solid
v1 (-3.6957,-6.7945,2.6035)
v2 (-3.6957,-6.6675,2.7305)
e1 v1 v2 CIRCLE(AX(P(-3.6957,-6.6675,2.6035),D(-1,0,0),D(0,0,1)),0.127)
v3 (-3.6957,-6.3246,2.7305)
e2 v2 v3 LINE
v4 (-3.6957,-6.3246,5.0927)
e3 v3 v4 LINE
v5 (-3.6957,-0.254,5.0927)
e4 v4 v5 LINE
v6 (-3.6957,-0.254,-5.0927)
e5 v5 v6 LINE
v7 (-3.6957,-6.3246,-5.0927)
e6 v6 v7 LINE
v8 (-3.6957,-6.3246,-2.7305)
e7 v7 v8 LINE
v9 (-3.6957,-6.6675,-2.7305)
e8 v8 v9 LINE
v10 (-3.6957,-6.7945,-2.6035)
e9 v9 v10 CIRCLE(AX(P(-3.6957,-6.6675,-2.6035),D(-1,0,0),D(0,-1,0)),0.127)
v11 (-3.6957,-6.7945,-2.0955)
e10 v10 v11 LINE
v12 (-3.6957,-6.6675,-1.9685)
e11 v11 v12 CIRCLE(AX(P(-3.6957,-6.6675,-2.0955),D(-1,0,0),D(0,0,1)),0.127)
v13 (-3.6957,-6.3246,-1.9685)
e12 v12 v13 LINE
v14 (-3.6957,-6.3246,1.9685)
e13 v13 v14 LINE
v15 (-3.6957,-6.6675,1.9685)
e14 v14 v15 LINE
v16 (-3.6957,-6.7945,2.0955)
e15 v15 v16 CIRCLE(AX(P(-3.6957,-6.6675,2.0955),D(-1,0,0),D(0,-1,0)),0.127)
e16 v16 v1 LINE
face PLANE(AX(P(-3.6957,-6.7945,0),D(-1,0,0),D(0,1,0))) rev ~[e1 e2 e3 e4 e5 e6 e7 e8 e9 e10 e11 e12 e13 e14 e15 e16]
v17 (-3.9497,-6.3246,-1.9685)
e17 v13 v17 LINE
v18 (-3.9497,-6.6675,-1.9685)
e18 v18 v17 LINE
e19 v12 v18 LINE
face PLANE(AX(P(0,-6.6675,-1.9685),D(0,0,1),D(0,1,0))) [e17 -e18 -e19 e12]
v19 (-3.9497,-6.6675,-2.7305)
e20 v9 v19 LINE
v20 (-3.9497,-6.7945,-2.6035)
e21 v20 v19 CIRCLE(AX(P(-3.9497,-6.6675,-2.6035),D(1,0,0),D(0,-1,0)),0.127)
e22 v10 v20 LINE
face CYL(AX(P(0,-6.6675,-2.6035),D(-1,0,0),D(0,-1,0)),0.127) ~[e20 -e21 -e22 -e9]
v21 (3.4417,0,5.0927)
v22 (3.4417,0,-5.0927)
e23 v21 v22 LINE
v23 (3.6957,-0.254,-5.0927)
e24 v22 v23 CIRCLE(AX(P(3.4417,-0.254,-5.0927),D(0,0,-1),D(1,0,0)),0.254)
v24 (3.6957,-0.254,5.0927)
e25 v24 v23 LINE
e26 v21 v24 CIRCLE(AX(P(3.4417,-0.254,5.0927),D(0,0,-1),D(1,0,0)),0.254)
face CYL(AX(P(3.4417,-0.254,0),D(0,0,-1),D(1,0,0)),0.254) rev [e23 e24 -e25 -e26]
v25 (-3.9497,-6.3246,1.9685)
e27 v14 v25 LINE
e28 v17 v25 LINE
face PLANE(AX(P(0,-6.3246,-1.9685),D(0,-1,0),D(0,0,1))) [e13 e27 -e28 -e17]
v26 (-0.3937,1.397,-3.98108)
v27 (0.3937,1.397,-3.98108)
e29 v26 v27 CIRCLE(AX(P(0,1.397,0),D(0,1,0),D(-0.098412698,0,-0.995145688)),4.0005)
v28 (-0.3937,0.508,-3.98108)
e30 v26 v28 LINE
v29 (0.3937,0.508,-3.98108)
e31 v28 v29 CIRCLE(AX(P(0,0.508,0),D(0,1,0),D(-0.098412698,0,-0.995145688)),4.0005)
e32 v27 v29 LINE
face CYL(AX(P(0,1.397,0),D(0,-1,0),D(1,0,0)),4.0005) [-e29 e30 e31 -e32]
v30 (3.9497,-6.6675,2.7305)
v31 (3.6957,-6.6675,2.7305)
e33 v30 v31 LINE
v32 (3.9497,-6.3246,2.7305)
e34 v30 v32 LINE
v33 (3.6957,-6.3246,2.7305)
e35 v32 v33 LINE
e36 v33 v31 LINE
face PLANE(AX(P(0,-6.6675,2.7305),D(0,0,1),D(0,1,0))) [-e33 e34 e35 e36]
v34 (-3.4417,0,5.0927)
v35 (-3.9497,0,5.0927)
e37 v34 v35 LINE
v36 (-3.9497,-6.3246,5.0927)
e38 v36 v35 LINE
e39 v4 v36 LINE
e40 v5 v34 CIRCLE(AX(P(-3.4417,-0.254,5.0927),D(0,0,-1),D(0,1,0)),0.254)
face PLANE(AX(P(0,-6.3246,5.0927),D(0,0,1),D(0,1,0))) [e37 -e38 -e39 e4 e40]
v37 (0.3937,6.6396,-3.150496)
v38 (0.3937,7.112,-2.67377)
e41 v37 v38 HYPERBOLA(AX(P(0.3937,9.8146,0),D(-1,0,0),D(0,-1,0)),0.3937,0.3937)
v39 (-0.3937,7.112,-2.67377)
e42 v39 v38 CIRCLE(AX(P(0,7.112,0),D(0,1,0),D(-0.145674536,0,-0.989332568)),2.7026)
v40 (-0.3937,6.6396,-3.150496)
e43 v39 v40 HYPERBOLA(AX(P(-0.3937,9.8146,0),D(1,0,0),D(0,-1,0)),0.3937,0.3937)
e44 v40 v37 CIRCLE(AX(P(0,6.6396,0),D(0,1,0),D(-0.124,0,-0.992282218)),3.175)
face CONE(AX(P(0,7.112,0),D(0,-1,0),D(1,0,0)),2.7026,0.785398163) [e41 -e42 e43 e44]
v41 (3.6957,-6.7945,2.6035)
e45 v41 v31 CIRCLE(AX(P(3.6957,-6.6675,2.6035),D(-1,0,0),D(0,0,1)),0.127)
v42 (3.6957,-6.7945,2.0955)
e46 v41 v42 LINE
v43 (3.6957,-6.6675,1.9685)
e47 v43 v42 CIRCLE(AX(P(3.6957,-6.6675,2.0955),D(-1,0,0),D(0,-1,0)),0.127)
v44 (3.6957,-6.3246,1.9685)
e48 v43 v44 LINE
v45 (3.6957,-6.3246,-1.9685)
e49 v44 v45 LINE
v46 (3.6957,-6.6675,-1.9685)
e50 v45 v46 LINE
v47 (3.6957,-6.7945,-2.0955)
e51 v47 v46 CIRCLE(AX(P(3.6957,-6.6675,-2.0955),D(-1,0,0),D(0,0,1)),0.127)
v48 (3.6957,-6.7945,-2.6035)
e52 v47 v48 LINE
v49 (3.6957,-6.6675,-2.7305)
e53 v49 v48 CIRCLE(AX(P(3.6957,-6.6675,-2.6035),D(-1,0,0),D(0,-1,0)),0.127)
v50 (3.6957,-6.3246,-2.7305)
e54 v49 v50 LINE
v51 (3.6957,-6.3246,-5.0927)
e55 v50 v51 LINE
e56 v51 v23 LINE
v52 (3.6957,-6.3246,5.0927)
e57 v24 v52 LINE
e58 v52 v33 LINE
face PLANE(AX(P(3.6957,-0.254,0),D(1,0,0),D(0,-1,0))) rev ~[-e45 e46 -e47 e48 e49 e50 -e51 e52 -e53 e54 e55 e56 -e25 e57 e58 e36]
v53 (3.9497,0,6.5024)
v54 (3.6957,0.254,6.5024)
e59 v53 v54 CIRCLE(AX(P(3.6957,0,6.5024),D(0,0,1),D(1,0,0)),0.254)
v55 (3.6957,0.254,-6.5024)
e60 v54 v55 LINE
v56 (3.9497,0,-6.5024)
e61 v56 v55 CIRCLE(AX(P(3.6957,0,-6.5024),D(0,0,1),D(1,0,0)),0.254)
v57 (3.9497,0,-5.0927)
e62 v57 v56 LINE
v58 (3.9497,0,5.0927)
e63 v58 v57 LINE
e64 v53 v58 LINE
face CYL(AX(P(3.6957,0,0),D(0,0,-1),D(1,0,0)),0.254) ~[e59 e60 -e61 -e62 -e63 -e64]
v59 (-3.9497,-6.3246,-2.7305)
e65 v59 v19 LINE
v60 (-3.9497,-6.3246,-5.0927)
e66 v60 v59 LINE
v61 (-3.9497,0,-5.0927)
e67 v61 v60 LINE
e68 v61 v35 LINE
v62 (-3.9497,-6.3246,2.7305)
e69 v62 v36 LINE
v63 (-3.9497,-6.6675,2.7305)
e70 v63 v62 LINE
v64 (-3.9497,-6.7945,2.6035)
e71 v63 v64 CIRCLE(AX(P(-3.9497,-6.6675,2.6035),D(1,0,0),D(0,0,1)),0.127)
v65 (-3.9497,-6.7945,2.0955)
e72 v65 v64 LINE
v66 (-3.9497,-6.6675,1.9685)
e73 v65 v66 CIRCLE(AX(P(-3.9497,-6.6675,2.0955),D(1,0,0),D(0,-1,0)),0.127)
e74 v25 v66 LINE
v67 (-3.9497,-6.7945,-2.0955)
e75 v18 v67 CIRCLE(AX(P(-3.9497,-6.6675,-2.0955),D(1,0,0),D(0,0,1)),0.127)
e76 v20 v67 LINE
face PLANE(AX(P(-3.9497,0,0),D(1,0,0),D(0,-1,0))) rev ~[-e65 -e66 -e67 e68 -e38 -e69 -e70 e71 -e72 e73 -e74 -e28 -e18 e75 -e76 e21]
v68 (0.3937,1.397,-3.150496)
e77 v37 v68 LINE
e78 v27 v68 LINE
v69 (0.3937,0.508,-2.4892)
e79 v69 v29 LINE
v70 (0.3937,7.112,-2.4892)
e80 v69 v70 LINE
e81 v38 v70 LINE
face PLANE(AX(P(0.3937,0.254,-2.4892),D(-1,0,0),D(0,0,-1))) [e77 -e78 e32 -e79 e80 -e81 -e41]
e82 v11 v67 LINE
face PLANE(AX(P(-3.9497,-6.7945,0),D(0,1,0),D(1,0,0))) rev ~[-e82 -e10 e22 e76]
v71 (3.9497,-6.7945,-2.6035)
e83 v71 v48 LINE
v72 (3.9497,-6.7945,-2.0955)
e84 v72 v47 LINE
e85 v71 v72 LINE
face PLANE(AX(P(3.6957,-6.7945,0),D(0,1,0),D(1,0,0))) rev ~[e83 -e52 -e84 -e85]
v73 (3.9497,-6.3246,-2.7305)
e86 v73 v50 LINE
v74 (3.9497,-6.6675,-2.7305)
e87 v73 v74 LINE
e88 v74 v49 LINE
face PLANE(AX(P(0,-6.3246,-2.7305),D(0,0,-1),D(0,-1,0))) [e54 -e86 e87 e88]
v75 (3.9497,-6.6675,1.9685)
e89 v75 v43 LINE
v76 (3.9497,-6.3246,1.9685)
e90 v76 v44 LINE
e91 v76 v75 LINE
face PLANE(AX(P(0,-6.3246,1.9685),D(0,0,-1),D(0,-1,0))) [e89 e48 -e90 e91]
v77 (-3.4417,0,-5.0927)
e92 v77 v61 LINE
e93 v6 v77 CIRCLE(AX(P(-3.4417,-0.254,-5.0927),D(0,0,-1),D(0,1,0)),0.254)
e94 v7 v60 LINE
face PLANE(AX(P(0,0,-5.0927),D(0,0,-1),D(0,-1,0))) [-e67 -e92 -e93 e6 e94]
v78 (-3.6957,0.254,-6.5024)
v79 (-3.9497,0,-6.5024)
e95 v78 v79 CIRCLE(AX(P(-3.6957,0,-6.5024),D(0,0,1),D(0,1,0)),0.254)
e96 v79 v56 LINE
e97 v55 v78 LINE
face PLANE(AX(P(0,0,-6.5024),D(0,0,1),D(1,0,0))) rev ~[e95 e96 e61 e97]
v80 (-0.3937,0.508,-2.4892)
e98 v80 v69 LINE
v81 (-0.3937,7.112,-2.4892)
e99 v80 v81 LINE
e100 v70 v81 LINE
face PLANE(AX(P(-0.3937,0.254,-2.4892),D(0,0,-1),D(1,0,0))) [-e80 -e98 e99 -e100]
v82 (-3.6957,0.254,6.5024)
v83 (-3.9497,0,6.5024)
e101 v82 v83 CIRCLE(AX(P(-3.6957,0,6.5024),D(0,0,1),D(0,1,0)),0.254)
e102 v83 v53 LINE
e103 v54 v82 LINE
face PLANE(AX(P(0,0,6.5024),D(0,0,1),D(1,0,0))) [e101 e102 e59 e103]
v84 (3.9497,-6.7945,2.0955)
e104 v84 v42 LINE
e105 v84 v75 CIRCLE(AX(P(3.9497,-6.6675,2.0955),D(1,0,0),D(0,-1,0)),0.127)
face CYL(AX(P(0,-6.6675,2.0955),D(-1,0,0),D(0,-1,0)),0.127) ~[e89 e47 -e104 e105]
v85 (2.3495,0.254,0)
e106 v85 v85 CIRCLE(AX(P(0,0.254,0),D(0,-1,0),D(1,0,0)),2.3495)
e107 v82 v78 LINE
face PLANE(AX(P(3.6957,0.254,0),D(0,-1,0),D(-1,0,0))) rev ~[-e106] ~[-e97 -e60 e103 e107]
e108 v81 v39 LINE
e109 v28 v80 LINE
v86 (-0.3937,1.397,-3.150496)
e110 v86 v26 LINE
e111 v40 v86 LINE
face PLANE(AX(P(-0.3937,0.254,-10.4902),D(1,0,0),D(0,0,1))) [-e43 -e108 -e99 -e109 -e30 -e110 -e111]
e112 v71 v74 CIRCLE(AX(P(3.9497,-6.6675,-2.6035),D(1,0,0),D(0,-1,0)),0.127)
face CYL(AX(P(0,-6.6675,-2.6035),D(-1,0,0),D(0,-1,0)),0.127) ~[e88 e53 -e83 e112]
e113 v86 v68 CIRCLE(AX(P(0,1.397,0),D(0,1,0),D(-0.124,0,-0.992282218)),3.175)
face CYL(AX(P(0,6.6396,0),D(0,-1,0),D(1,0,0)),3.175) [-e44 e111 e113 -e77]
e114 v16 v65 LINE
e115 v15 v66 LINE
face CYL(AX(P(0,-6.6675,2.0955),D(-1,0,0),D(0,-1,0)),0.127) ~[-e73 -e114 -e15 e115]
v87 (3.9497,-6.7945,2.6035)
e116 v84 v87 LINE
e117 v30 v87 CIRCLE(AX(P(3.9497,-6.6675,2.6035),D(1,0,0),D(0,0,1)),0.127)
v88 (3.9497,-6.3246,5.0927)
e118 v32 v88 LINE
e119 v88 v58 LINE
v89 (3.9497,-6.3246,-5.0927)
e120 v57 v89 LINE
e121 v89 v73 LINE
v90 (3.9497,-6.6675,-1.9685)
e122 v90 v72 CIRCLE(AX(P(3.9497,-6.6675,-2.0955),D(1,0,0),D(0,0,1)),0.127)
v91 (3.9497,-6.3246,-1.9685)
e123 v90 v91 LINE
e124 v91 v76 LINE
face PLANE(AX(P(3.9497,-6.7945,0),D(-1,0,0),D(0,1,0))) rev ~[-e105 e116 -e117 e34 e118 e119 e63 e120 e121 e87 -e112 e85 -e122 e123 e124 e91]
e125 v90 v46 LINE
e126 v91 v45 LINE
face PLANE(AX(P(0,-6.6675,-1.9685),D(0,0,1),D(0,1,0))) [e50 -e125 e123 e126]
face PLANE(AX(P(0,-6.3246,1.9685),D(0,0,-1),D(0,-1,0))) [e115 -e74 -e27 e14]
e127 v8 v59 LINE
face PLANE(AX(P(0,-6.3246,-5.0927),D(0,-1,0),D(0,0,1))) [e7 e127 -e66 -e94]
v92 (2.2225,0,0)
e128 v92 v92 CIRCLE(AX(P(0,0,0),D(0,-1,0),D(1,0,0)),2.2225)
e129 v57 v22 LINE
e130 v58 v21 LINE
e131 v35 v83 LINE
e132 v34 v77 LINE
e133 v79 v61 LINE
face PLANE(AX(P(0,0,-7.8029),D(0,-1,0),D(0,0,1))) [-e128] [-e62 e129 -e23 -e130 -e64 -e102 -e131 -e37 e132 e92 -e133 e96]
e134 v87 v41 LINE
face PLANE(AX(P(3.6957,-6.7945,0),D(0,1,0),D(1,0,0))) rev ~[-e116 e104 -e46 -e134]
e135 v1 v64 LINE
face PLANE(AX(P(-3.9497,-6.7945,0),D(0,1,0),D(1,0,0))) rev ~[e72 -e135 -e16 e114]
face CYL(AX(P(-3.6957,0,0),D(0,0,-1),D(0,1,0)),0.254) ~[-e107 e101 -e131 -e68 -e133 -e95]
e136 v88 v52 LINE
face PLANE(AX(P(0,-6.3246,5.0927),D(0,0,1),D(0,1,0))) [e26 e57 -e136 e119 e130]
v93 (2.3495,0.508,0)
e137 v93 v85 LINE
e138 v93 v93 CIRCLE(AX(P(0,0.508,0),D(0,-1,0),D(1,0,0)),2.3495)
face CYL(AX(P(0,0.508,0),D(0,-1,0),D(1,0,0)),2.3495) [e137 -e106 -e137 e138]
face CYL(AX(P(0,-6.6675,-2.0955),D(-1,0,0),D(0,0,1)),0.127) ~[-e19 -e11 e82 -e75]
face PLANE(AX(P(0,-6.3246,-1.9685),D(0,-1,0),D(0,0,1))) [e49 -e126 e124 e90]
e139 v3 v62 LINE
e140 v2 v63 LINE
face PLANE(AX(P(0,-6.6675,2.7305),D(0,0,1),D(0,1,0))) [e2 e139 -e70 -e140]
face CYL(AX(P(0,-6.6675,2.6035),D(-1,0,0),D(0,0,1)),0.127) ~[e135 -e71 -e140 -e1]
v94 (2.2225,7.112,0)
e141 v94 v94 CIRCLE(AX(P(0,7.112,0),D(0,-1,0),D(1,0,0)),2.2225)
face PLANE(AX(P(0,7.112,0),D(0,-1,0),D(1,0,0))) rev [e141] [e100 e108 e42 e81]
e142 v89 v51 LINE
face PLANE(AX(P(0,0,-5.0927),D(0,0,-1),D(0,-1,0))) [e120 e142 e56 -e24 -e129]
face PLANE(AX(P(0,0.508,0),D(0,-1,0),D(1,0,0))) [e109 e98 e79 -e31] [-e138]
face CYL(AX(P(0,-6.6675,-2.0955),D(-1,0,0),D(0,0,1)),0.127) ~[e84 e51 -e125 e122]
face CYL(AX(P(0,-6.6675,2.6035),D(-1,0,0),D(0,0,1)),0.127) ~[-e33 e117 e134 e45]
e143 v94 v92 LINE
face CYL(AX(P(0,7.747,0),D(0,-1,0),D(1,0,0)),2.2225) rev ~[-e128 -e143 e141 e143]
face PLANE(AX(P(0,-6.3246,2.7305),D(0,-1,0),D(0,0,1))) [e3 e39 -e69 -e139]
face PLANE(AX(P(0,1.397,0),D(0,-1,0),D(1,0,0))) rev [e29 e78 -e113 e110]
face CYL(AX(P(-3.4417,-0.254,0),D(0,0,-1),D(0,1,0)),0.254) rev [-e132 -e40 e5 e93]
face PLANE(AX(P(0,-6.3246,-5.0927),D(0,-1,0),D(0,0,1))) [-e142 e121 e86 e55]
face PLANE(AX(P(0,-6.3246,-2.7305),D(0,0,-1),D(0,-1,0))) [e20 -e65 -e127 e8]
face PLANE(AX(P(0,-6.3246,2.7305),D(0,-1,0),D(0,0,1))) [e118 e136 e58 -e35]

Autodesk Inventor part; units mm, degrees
sketch "Sketch_1" plane through (0, 0, 0) normal (0, 0, 1) x (1, 0, 0)
  line L0 (-3.9497, 0) -> (-3.9497, -6.7945)
  line L1 (-3.9497, -6.7945) -> (-3.6957, -6.7945)
  line L2 (-3.6957, -6.7945) -> (-3.6957, -0.254)
  arc A0 (-3.4417, 0) -> (-3.6957, -0.254) centre (-3.4417, -0.254) ccw
  line L3 (-3.4417, 0) -> (3.4417, 0)
  arc A1 (3.6957, -0.254) -> (3.4417, 0) centre (3.4417, -0.254) ccw
  line L4 (3.6957, -0.254) -> (3.6957, -6.7945)
  line L5 (3.6957, -6.7945) -> (3.9497, -6.7945)
  line L6 (3.9497, -6.7945) -> (3.9497, 0)
  arc A2 (3.9497, 0) -> (3.6957, 0.254) centre (3.6957, 0) ccw
  line L7 (3.6957, 0.254) -> (-3.6957, 0.254)
  arc A3 (-3.6957, 0.254) -> (-3.9497, 0) centre (-3.6957, 0) ccw
extrude "Extrusion1" add sketch "Sketch_1" along normal mid plane 13.0048
sketch "Sketch_2" plane through (0, 0, 0) normal (1, 0, 0) x (0, 1, 0)
  line L0 (0, 7.8029) -> (-9.398, 7.8029)
  line L1 (-9.398, 7.8029) -> (-9.398, -7.8029)
  line L2 (-9.398, -7.8029) -> (0, -7.8029)
  line L3 (0, -7.8029) -> (0, -5.0927)
  line L4 (0, -5.0927) -> (-6.3246, -5.0927)
  line L5 (-6.3246, -5.0927) -> (-6.3246, -2.7305)
  line L6 (-6.3246, -2.7305) -> (-6.6675, -2.7305)
  arc A0 (-6.7945, -2.6035) -> (-6.6675, -2.7305) centre (-6.6675, -2.6035) ccw
  line L7 (-6.7945, -2.6035) -> (-6.7945, -2.0955)
  arc A1 (-6.6675, -1.9685) -> (-6.7945, -2.0955) centre (-6.6675, -2.0955) ccw
  line L8 (-6.6675, -1.9685) -> (-6.3246, -1.9685)
  line L9 (-6.3246, -1.9685) -> (-6.3246, 1.9685)
  line L10 (-6.3246, 1.9685) -> (-6.6675, 1.9685)
  arc A2 (-6.7945, 2.0955) -> (-6.6675, 1.9685) centre (-6.6675, 2.0955) ccw
  line L11 (-6.7945, 2.0955) -> (-6.7945, 2.6035)
  arc A3 (-6.6675, 2.7305) -> (-6.7945, 2.6035) centre (-6.6675, 2.6035) ccw
  line L12 (-6.6675, 2.7305) -> (-6.3246, 2.7305)
  line L13 (-6.3246, 2.7305) -> (-6.3246, 5.0927)
  line L14 (-6.3246, 5.0927) -> (0, 5.0927)
  line L15 (0, 5.0927) -> (0, 7.8029)
extrude "Extrusion2" cut sketch "Sketch_2" along normal mid plane 7.8994
sketch "Sketch_6" plane through (0, 0, 0) normal (0, 0, 1) x (1, 0, 0)
  line L0 (0, 0.127) -> (0, 7.112)
  line L1 (0, 7.112) -> (2.7026, 7.112)
  line L2 (2.7026, 7.112) -> (3.175, 6.6396)
  line L3 (3.175, 6.6396) -> (3.175, 1.397)
  line L4 (3.175, 1.397) -> (4.0005, 1.397)
  line L5 (4.0005, 1.397) -> (4.0005, 0.508)
  line L6 (4.0005, 0.508) -> (2.3495, 0.508)
  line L7 (2.3495, 0.508) -> (2.3495, 0.127)
  line L8 (2.3495, 0.127) -> (0, 0.127)
  line L9 (0, 0.127) -> (0, 7.112)
revolve "Revolution1" add sketch "Sketch_6" angle 360 about axis through (0, 0.127, 0) along (0, -1, 0)
thread "Thread1" size "1/4-32 UNEF" class "3A" standard "ANSI Unified Screw Threads" full length
sketch "Sketch_8" plane through (0, 0.254, 0) normal (0, 1, 0) x (1, 0, 0)
  line L0 (-0.3937, 2.4892) -> (0.3937, 2.4892)
  line L1 (0.3937, 2.4892) -> (0.3937, 10.4902)
  line L2 (0.3937, 10.4902) -> (-0.3937, 10.4902)
  line L3 (-0.3937, 10.4902) -> (-0.3937, 2.4892)
extrude "Extrusion3" cut sketch "Sketch_8" along normal blind 7.8232
sketch "Sketch_10_ALT_Drilling_1" plane through (0, 0, 0) normal (0, 0, 1) x (1, 0, 0)
  line L0 (0, 0) -> (0, 7.747)
  line L1 (0, 7.747) -> (2.2225, 7.747)
  line L2 (2.2225, 7.747) -> (2.2225, 0)
  line L3 (2.2225, 0) -> (0, 0)
  line L4 (0, 0) -> (0, 7.747)
revolve "Revolution2" cut sketch "Sketch_10_ALT_Drilling_1" angle 360 about axis through (0, 0, 0) along (0, -1, 0)
ref_plane "1_XY" through (0, 5.6896, 0) normal (0, 1, 0) x (1, 0, 0)
ref_plane "1_YZ" through (0, 5.6896, 0) normal (1, 0, 0) x (0, 0, -1)
ref_plane "1_ZX" through (0, 5.6896, 0) normal (0, 0, -1) x (0, 1, 0)
ref_plane "2_XY" through (0, 4.2672, 0) normal (0, 1, 0) x (1, 0, 0)
ref_plane "2_YZ" through (0, 4.2672, 0) normal (1, 0, 0) x (0, 0, -1)
ref_plane "2_ZX" through (0, 4.2672, 0) normal (0, 0, -1) x (0, 1, 0)
ref_plane "3_XY" through (0, 2.8448, 0) normal (0, 1, 0) x (1, 0, 0)
ref_plane "3_YZ" through (0, 2.8448, 0) normal (1, 0, 0) x (0, 0, -1)
ref_plane "3_ZX" through (0, 2.8448, 0) normal (0, 0, -1) x (0, 1, 0)
ref_plane "4_XY" through (0, 1.778, 0) normal (0, 1, 0) x (1, 0, 0)
ref_plane "4_YZ" through (0, 1.778, 0) normal (1, 0, 0) x (0, 0, -1)
ref_plane "4_ZX" through (0, 1.778, 0) normal (0, 0, -1) x (0, 1, 0)
ref_plane "to_base_XY" through (0, 0, 0) normal (0, 1, 0) x (1, 0, 0)
ref_plane "to_base_YZ" through (0, 0, 0) normal (1, 0, 0) x (0, 0, -1)
ref_plane "to_base_ZX" through (0, 0, 0) normal (0, 0, -1) x (0, 1, 0)
properties part number "M201A1M201BR-bushing"
